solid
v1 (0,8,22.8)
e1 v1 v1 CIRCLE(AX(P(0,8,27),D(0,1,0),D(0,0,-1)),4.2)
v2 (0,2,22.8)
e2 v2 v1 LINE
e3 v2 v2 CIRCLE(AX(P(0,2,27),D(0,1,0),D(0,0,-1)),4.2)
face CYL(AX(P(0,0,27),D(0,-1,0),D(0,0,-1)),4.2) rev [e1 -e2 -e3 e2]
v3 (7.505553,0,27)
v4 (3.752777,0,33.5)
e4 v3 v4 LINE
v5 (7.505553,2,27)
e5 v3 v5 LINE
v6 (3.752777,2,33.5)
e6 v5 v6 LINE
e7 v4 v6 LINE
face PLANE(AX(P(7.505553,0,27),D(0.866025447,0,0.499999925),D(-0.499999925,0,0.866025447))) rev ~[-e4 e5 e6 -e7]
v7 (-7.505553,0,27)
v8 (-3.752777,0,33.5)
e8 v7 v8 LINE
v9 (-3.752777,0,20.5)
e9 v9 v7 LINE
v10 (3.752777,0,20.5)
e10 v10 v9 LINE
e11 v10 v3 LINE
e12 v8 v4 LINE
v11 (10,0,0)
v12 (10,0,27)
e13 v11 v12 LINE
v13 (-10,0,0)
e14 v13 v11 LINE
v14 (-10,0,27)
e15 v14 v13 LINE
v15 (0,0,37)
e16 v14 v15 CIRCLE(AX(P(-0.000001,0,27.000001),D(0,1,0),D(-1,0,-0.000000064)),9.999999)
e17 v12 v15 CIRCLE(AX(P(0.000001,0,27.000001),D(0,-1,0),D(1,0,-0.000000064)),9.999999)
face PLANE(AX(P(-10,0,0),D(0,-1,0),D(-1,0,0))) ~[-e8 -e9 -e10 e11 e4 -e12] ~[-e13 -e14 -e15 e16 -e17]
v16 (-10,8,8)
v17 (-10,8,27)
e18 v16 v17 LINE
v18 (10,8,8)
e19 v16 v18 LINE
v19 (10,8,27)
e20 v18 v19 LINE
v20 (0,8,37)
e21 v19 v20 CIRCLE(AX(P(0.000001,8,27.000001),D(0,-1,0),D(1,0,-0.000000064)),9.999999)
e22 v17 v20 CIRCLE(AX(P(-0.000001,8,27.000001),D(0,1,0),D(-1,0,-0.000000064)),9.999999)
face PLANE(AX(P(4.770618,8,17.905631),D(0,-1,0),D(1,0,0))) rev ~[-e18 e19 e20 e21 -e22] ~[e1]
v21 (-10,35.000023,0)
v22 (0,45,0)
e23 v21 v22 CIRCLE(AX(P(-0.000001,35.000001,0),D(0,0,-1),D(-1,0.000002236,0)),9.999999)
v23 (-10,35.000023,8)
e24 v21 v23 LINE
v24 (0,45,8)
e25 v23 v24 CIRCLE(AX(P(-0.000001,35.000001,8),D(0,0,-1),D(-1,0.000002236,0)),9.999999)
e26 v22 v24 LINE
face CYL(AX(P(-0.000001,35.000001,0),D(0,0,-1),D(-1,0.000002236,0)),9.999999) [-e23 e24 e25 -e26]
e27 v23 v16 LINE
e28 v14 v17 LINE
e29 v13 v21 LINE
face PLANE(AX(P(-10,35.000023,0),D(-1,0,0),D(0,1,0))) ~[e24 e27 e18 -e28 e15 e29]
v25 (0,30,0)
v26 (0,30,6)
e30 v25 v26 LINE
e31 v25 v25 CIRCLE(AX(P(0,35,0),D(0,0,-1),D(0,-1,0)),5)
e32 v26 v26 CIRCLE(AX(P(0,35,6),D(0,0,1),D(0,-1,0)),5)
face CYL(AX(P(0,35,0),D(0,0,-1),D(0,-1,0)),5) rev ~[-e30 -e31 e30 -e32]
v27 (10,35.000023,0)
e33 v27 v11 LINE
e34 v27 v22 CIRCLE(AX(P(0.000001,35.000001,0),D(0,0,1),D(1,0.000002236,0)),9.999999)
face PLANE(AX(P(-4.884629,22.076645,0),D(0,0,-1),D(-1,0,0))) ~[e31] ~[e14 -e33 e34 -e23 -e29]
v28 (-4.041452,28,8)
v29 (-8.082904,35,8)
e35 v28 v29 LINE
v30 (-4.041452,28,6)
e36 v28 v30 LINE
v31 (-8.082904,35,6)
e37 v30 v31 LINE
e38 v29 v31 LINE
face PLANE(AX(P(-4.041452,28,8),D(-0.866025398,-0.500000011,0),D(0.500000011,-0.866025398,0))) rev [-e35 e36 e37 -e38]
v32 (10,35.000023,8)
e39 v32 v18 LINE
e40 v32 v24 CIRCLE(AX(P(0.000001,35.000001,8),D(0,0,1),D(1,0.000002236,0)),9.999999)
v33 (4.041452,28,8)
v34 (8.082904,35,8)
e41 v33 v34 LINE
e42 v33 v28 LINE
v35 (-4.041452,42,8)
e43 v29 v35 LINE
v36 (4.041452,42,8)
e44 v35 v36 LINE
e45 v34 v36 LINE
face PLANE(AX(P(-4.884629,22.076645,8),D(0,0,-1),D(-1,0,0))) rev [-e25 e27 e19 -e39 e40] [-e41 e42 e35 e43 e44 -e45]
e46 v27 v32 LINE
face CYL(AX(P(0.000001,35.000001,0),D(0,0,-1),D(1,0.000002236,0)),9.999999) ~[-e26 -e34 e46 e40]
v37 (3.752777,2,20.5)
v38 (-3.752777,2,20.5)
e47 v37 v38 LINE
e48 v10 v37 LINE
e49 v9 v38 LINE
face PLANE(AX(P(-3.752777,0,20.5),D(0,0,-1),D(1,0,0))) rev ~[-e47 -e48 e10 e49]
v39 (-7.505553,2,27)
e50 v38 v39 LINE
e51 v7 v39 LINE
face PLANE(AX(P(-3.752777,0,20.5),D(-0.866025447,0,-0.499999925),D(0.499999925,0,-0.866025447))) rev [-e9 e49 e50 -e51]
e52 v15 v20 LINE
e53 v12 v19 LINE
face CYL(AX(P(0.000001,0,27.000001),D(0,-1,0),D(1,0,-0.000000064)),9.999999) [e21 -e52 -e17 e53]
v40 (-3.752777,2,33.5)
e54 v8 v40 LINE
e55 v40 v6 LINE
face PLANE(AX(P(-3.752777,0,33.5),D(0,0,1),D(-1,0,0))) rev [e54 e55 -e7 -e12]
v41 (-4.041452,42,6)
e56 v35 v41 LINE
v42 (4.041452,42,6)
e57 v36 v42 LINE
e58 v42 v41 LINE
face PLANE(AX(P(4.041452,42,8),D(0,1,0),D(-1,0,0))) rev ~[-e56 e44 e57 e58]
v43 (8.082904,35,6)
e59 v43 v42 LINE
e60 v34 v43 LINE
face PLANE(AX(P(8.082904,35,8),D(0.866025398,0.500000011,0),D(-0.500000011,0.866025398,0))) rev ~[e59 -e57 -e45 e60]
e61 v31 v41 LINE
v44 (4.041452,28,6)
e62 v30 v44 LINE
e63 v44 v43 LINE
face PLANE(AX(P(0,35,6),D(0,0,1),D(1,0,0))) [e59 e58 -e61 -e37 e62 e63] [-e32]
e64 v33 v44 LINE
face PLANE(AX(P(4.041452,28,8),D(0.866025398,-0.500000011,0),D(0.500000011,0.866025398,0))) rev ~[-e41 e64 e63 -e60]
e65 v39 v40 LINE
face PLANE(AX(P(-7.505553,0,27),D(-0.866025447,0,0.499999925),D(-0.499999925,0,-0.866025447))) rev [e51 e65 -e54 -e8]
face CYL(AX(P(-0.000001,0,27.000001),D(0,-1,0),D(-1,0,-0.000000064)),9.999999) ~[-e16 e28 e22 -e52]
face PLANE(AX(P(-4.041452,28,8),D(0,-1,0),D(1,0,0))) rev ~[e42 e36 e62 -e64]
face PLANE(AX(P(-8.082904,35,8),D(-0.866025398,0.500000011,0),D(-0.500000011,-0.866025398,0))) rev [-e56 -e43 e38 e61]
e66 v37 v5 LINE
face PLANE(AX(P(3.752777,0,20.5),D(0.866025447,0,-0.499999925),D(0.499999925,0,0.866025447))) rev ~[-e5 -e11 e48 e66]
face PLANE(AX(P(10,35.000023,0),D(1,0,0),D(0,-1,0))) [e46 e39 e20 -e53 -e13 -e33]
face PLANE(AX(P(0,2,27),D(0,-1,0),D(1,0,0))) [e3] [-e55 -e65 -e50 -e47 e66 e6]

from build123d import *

# Parameters (mm, degrees)
PAD_DEPTH       = 8
PAD001_DEPTH    = 8
POCKET_DEPTH    = 2
POCKET001_DEPTH = 2


with BuildPart() as part:
    # Sketch → Pad (new body)
    with BuildSketch(Plane.XY):
        with BuildLine():
            ThreePointArc((0, 30), (5, 35), (0, 40))
            Line((0, 40), (0, 45))
            ThreePointArc((10, 35.000023), (7.07106, 42.071076), (0, 45))
            Line((10, 35.000023), (10, 0))
            Line((10, 0), (0, 0))
            Line((0, 0), (0, 30))
        make_face()
    pad = extrude(amount=PAD_DEPTH)

    # Sketch001 → Pad001 (join)
    with BuildSketch(Plane.XZ):
        with BuildLine():
            Line((0, 0), (10, 0))
            Line((10, 0), (10, 27))
            ThreePointArc((10, 27), (7.071068, 34.071068), (0, 37))
            Line((0, 31.2), (0, 37))
            ThreePointArc((0, 22.8), (4.2, 27), (0, 31.2))
            Line((0, 22.8), (0, 0))
        make_face()
    pad001 = extrude(amount=-PAD001_DEPTH)

    # Sketch002 → Pocket (cut)
    with BuildSketch(Plane(origin=(0, 35, 8), x_dir=(1, 0, 0), z_dir=(0, 0, 1))):
        Polygon((8.082904, 0), (4.041452, 7), (-4.041452, 7), (-8.082904, 0), (-4.041452, -7), (4.041452, -7), align=None)
    pocket = extrude(amount=-POCKET_DEPTH, mode=Mode.SUBTRACT)

    # Sketch003 → Pocket001 (cut)
    with BuildSketch(Plane(origin=(0, 0, 27), x_dir=(1, 0, 0), z_dir=(0, -1, 0))):
        Polygon((3.752777, 6.5), (-3.752777, 6.5), (-7.505553, 0), (-3.752777, -6.5), (3.752777, -6.5), (7.505553, 0), align=None)
    pocket001 = extrude(amount=-POCKET001_DEPTH, mode=Mode.SUBTRACT)

    # Mirrored: Pad, Pad001, Pocket, Pocket001 across Sketch V_Axis
    add(pad.mirror(Plane(origin=(0, 0, 0), x_dir=(0, 0, 1), z_dir=(1, 0, 0))))
    add(pad001.mirror(Plane(origin=(0, 0, 0), x_dir=(0, 0, 1), z_dir=(1, 0, 0))))
    add(pocket.mirror(Plane(origin=(0, 0, 0), x_dir=(0, 0, 1), z_dir=(1, 0, 0))), mode=Mode.SUBTRACT)
    add(pocket001.mirror(Plane(origin=(0, 0, 0), x_dir=(0, 0, 1), z_dir=(1, 0, 0))), mode=Mode.SUBTRACT)


solid = part.part
